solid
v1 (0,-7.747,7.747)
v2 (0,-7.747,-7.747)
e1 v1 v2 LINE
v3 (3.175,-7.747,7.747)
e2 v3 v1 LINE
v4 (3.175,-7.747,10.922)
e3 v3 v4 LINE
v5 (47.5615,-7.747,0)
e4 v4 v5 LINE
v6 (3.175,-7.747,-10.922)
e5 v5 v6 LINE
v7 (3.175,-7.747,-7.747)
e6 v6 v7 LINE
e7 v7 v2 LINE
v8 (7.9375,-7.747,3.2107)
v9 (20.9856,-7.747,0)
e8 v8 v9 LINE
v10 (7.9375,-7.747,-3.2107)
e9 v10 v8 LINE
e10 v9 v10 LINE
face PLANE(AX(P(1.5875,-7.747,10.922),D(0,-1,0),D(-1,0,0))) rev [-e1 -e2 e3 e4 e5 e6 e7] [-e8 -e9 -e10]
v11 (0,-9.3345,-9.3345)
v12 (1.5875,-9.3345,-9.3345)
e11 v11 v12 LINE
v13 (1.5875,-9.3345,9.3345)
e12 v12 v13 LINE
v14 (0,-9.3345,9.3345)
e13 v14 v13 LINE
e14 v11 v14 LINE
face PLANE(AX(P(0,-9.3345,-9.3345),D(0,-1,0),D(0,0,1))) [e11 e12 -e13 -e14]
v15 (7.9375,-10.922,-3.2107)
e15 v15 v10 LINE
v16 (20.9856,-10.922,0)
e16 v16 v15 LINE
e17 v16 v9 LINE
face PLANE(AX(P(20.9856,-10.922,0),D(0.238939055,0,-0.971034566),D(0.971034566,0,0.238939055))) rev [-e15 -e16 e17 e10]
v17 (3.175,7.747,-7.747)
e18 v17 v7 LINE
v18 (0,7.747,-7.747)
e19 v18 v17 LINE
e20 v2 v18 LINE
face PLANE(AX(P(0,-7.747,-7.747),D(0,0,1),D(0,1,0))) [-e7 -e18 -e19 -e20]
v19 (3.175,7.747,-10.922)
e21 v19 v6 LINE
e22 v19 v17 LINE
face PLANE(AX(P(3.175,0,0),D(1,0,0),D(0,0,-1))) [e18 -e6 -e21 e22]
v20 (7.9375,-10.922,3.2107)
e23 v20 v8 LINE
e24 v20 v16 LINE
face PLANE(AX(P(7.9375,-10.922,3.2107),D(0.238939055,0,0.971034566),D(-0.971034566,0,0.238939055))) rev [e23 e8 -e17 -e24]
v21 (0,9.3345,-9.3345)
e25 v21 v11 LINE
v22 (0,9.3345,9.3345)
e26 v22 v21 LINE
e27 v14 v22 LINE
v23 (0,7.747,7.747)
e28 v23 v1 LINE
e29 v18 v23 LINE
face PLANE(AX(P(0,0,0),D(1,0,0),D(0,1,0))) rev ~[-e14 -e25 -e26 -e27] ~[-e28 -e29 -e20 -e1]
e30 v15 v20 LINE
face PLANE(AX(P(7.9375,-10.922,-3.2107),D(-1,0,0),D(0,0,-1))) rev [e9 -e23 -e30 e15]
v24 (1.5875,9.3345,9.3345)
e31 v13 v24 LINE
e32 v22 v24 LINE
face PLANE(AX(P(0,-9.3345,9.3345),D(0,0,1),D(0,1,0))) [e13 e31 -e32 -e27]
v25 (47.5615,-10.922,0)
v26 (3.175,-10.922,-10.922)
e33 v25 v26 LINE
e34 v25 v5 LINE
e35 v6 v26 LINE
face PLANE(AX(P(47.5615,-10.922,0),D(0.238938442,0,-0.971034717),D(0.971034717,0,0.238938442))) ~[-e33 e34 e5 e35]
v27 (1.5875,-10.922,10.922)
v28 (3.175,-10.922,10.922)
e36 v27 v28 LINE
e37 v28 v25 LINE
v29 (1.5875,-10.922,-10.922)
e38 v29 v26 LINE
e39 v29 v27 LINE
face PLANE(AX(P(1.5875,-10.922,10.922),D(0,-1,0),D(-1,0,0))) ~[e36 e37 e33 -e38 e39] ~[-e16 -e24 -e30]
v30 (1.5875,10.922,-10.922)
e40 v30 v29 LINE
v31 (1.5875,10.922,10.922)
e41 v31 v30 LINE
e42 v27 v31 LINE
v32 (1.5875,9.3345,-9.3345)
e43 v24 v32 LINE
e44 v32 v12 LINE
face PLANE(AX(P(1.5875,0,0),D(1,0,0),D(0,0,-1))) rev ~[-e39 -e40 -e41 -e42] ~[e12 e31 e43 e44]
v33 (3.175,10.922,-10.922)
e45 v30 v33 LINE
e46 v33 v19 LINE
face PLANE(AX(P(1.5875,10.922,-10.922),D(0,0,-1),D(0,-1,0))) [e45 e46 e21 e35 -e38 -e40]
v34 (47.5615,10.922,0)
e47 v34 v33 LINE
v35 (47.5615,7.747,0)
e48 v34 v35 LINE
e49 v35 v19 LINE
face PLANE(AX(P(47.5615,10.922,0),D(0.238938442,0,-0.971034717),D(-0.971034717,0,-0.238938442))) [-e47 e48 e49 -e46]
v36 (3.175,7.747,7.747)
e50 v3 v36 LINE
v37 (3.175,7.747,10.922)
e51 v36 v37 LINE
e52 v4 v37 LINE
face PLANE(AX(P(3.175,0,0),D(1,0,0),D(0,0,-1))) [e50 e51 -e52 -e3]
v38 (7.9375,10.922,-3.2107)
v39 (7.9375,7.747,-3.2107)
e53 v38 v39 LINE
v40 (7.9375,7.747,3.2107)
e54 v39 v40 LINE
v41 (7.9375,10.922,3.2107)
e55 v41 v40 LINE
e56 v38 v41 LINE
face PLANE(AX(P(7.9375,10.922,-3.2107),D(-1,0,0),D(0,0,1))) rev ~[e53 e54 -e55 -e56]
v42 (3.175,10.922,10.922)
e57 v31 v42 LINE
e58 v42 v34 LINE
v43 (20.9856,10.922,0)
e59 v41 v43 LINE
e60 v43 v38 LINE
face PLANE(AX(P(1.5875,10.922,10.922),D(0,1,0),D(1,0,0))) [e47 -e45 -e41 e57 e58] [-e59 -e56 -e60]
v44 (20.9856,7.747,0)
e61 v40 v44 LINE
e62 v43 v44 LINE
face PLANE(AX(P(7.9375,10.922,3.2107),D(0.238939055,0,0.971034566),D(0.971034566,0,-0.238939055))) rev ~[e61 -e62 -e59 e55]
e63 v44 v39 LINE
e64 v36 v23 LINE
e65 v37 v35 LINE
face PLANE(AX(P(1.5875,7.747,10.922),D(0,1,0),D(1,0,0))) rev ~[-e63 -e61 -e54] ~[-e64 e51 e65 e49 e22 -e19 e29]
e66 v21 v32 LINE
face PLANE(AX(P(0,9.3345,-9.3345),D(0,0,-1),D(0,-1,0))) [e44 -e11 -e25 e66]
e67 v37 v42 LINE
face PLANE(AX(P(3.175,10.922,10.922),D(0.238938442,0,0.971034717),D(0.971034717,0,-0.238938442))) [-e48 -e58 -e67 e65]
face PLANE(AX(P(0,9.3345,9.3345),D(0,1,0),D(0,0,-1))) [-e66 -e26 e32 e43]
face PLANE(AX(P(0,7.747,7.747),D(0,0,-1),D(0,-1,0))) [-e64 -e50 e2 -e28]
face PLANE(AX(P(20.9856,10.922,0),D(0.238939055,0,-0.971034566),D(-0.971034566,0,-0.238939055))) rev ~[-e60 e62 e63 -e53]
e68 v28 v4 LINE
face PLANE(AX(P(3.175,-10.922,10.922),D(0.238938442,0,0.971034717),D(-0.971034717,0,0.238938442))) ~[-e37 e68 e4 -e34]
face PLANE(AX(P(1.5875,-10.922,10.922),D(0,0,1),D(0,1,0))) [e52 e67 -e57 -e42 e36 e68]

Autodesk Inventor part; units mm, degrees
ref_plane "YZ Plane" through (0, 0, 0) normal (1, 0, 0) x (0, 1, 0)
ref_plane "XZ Plane" through (0, 0, 0) normal (0, 1, 0) x (-1, 0, 0)
ref_plane "XY Plane" through (0, 0, 0) normal (0, 0, 1) x (1, 0, 0)
sketch "Sketch1" plane through (0, 0, 0) normal (1, 0, 0) x (0, 1, 0)
  line L0 (-9.3345, 9.3345) -> (9.3345, 9.3345)
  line L1 (9.3345, 9.3345) -> (9.3345, -9.3345)
  line L2 (9.3345, -9.3345) -> (-9.3345, -9.3345)
  line L3 (-9.3345, -9.3345) -> (-9.3345, 9.3345)
  line L4 (-9.3345, 9.3345) -> (9.3345, -9.3345) construction
  line L5 (9.3345, 9.3345) -> (-9.3345, -9.3345) construction
  line L6 (7.747, -7.747) -> (7.747, 7.747)
  line L7 (7.747, 7.747) -> (-7.747, 7.747)
  line L8 (-7.747, 7.747) -> (-7.747, -7.747)
  line L9 (-7.747, -7.747) -> (7.747, -7.747)
  point P0 (0, 0)
  dimension "d0" = 18.669
  dimension "d1" = 1.5875
extrude "Extrusion1" add sketch "Sketch1" along normal blind 1.5875
sketch "Sketch2" plane through (1.5875, 0, 0) normal (1, 0, 0) x (0, 0, -1)
  line L0 (9.3345, -9.3345) -> (9.3345, 9.3345) projected
  line L1 (9.3345, 9.3345) -> (-9.3345, 9.3345) projected
  line L2 (-9.3345, 9.3345) -> (-9.3345, -9.3345) projected
  line L3 (-9.3345, -9.3345) -> (9.3345, -9.3345) projected
  line L4 (7.747, 7.747) -> (7.747, -7.747) projected
  line L5 (7.747, -7.747) -> (-7.747, -7.747) projected
  line L6 (-7.747, -7.747) -> (-7.747, 7.747) projected
  line L7 (-7.747, 7.747) -> (7.747, 7.747) projected
  line L8 (-10.922, 10.922) -> (10.922, 10.922)
  line L9 (10.922, 10.922) -> (10.922, -10.922)
  line L10 (10.922, -10.922) -> (-10.922, -10.922)
  line L11 (-10.922, -10.922) -> (-10.922, 10.922)
  point P0 (0, 0)
  dimension "d4" = 1.5875
extrude "Extrusion2" add sketch "Sketch2" along normal blind 1.5875 contours L3 L2 L1 L0 | L8 L9 L10 L11
sketch "Sketch3" plane through (3.175, 0, 0) normal (1, 0, 0) x (0, 0, -1)
  point P0 (0, 0)
sketch "Sketch4" plane through (1.5875, 10.922, 10.922) normal (0, 1, 0) x (1, 0, 0)
  line L0 (0, 21.844) -> (0, 0) projected
  line L1 (1.5875, 0) -> (45.974, 10.922)
  line L2 (45.974, 10.922) -> (1.5875, 21.844)
  line L3 (1.5875, 21.844) -> (1.5875, 0) projected
  line L4 (6.35, 14.1327) -> (6.35, 7.7113)
  line L5 (6.35, 7.7113) -> (19.3981, 10.922)
  line L6 (19.3981, 10.922) -> (6.35, 14.1327)
  point P0 (-1.5875, 10.922)
  point P1 (1.5875, 10.922)
  dimension "d7" = 45.974
  dimension "d8" = 6.35
extrude "Extrusion3" add sketch "Sketch4" against normal up to surface (3.175 mm away)
mirror "Mirror1" about plane through (0, 0, 0) normal (0, 1, 0) of "Extrusion3"
properties part number "board support"
